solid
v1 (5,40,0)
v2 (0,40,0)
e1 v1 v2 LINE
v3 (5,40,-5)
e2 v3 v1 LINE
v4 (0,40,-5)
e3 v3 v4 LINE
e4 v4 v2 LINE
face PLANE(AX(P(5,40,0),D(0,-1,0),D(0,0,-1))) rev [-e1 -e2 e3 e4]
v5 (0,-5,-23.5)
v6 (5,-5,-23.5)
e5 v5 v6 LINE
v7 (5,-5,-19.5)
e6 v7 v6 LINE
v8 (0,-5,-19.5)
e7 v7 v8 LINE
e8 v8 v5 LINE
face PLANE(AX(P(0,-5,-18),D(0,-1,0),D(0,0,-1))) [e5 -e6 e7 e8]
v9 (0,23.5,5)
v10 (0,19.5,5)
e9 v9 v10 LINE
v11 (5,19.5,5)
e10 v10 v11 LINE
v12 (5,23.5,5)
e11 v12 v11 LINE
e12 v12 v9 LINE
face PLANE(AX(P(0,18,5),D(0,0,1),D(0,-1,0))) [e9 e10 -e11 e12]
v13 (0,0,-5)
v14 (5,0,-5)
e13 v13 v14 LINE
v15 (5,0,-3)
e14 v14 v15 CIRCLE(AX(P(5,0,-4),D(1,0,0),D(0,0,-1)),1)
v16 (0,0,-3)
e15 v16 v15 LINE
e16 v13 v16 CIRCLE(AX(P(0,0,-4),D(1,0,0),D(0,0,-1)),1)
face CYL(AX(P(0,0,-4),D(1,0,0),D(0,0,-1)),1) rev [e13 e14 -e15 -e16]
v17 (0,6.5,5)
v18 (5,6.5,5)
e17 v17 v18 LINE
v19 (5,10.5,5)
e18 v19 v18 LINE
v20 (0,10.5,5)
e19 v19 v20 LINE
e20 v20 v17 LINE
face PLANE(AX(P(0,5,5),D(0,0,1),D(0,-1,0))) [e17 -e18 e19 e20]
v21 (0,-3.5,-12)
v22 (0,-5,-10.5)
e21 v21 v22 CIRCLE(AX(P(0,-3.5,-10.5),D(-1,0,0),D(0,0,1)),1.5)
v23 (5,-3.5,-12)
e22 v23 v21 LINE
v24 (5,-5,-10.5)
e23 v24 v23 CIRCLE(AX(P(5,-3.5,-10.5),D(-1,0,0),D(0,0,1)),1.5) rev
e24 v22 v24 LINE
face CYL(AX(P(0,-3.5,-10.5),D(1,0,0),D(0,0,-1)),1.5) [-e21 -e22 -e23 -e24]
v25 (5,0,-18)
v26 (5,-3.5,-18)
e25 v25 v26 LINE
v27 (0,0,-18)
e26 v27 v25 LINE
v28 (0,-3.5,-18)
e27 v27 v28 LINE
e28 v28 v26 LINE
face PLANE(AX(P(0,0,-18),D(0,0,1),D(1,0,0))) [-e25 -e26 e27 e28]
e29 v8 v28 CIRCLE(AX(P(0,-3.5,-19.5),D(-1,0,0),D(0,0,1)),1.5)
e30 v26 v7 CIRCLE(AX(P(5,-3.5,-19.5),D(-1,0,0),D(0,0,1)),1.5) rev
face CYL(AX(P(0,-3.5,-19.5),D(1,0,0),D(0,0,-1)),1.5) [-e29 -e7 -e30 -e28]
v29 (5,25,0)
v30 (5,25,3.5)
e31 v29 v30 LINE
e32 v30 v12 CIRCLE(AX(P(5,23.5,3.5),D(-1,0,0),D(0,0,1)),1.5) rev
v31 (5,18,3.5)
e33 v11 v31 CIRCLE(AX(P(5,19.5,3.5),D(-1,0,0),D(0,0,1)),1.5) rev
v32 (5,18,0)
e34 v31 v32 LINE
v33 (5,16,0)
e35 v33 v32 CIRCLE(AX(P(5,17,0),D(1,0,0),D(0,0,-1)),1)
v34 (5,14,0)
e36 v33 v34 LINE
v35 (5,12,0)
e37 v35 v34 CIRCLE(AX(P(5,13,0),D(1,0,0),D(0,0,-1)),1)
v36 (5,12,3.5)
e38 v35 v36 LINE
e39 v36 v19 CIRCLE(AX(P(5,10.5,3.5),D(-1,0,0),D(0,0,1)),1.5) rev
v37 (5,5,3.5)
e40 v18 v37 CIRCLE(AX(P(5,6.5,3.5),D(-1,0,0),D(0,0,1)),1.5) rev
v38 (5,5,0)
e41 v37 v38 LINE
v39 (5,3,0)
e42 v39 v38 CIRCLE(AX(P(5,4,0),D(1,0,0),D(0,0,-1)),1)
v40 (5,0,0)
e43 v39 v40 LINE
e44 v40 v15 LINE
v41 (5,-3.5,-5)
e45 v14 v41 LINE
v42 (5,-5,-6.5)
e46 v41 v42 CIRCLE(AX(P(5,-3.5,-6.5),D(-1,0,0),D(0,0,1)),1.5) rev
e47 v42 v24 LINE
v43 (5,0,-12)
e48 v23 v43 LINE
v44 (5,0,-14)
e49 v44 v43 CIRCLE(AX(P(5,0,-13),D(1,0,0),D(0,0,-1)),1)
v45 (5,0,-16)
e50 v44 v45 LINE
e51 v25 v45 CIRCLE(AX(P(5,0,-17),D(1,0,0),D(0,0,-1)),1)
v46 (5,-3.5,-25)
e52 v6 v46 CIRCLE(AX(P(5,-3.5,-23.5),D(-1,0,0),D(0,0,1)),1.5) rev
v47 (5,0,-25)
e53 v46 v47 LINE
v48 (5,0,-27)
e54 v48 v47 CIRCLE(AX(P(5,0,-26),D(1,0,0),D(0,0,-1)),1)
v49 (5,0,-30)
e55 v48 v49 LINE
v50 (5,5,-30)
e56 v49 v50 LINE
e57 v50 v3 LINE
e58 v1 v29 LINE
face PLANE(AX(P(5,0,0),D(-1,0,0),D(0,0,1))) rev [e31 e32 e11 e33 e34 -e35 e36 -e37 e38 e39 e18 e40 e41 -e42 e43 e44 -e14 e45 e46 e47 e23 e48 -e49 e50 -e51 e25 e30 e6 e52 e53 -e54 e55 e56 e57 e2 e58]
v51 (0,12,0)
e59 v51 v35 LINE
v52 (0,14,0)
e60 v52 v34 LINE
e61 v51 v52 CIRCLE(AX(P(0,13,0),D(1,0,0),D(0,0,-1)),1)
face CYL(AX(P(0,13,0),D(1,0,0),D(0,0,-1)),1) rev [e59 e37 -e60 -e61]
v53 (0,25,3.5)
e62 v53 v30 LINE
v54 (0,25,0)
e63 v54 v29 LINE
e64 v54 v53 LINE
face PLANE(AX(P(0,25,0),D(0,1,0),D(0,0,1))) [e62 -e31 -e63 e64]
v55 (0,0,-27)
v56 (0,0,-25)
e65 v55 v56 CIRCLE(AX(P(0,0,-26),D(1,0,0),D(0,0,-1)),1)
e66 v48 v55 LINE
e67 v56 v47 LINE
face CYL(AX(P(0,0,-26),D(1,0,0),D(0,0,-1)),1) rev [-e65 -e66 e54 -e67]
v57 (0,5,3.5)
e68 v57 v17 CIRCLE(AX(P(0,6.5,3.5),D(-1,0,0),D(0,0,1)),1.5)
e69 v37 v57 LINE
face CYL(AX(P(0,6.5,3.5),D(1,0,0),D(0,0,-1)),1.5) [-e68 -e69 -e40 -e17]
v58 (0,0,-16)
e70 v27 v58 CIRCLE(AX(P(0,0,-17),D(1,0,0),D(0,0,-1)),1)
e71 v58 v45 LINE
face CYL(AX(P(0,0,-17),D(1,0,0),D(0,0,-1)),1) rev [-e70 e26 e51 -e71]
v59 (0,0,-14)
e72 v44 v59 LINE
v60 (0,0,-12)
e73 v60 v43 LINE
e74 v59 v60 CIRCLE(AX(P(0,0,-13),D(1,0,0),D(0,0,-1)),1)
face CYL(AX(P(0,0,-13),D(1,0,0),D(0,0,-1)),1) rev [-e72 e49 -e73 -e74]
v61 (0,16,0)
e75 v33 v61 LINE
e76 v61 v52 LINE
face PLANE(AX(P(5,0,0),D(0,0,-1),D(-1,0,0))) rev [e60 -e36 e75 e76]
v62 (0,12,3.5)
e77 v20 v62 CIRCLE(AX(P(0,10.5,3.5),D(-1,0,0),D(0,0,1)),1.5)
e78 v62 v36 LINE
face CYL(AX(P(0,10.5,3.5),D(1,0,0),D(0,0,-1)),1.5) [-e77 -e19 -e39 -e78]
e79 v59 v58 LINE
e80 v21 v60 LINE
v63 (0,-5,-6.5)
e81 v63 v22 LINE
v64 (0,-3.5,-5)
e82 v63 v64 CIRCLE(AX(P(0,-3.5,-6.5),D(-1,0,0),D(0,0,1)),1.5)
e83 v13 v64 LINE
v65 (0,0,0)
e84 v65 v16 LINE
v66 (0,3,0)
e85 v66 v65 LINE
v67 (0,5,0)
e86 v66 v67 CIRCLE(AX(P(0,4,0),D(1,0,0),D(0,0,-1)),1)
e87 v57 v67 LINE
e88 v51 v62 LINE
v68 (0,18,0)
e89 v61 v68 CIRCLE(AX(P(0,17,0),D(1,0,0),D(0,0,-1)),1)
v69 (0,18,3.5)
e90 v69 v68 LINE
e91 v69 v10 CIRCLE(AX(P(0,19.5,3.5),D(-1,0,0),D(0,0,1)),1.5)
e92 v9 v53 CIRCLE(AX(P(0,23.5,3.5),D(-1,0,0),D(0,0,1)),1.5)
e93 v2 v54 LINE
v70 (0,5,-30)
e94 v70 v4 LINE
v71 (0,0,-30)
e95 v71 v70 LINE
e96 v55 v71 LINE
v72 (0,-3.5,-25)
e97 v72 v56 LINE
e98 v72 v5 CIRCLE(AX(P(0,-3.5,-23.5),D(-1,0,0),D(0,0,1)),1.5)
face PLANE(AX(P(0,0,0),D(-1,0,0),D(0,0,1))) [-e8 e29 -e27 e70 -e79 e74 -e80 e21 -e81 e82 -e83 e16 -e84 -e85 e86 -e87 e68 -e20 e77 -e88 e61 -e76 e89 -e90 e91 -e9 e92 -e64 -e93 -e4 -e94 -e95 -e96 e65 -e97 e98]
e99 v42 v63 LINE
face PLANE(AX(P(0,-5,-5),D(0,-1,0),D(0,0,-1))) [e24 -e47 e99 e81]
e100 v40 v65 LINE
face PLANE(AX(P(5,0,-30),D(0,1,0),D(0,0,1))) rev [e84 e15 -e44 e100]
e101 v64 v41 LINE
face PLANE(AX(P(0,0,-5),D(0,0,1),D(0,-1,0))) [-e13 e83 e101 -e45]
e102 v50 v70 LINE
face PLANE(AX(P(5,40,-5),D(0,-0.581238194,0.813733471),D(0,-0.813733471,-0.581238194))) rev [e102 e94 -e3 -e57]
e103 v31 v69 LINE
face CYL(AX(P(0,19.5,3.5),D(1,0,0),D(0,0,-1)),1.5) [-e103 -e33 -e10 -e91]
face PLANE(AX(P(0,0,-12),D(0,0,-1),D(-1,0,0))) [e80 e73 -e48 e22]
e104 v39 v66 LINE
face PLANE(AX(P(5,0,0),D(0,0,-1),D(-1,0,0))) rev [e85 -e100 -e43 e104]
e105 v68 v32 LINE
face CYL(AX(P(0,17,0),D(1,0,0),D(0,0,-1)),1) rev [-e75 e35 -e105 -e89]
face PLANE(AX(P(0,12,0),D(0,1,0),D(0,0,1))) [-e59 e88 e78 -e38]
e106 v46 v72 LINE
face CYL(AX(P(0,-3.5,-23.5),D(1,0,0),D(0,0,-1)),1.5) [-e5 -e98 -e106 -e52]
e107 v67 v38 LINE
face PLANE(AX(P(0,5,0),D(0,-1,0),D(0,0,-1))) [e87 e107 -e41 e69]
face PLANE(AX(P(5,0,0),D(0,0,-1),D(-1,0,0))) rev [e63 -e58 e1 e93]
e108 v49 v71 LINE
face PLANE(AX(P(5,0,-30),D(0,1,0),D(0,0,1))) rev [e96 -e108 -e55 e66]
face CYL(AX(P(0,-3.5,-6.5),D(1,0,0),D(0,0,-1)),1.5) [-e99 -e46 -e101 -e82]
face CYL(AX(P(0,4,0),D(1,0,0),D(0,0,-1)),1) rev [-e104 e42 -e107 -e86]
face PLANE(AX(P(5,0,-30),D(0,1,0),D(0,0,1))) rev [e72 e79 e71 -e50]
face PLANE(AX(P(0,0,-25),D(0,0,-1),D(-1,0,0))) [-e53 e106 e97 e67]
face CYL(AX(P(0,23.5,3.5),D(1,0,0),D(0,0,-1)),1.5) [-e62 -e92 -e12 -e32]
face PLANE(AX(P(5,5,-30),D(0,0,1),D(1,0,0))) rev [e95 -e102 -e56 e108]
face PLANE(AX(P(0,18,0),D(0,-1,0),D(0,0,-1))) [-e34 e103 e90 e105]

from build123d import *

# Parameters (mm, degrees)
EXTRUDE_1_DEPTH     = 5
SKETCH_2_W          = 7
SKETCH_2_H          = 5
SKETCH_2_W_2        = 5
SKETCH_2_H_2        = 7
EXTRUDE_2_DEPTH     = 5
SKETCH_3_R          = 1
CUT_EXTRUDE_1_DEPTH = 5
FILLET_1_R          = 1.5


with BuildPart() as part:
    # 스케치1 → 보스-돌출1 (new body)
    with BuildSketch(Plane(origin=(0, 0, 0), x_dir=(0, 0, -1), z_dir=(1, 0, 0))):
        Polygon((0, 0), (0, 40), (5, 40), (30, 5), (30, 0), align=None)
    extrude(amount=EXTRUDE_1_DEPTH)

    # 스케치2 → 보스-돌출2 (add)
    with BuildSketch(Plane(origin=(5, 0, 0), x_dir=(0, 0, -1), z_dir=(1, 0, 0))):
        with Locations((8.5, -2.5)):
            Rectangle(SKETCH_2_W, SKETCH_2_H)
        with Locations((21.5, -2.5)):
            Rectangle(SKETCH_2_W, SKETCH_2_H)
        with Locations((-2.5, 21.5)):
            Rectangle(SKETCH_2_W_2, SKETCH_2_H_2)
        with Locations((-2.5, 8.5)):
            Rectangle(SKETCH_2_W_2, SKETCH_2_H_2)
    extrude(amount=-EXTRUDE_2_DEPTH)

    # 스케치3 → 컷-돌출1 (cut)
    with BuildSketch(Plane(origin=(5, 0, 0), x_dir=(0, 0, -1), z_dir=(1, 0, 0))):
        with Locations((4, 0)):
            Circle(SKETCH_3_R)
        with Locations((13, 0)):
            Circle(SKETCH_3_R)
        with Locations((17, 0)):
            Circle(SKETCH_3_R)
        with Locations((26, 0)):
            Circle(SKETCH_3_R)
        with Locations((0, 4)):
            Circle(SKETCH_3_R)
        with Locations((0, 13)):
            Circle(SKETCH_3_R)
        with Locations((0, 17)):
            Circle(SKETCH_3_R)
    extrude(amount=-CUT_EXTRUDE_1_DEPTH, mode=Mode.SUBTRACT)

    # 필렛1
    fillet_1_edges = [part.edges().sort_by_distance(p)[0] for p in [
        (2.5, -5, -25),
        (2.5, -5, -12),
        (2.5, -5, -18),
        (2.5, 25, 5),
        (2.5, 18, 5),
        (2.5, -5, -5),
        (2.5, 5, 5),
        (2.5, 12, 5),
    ]]
    fillet(fillet_1_edges, radius=FILLET_1_R)


solid = part.part
